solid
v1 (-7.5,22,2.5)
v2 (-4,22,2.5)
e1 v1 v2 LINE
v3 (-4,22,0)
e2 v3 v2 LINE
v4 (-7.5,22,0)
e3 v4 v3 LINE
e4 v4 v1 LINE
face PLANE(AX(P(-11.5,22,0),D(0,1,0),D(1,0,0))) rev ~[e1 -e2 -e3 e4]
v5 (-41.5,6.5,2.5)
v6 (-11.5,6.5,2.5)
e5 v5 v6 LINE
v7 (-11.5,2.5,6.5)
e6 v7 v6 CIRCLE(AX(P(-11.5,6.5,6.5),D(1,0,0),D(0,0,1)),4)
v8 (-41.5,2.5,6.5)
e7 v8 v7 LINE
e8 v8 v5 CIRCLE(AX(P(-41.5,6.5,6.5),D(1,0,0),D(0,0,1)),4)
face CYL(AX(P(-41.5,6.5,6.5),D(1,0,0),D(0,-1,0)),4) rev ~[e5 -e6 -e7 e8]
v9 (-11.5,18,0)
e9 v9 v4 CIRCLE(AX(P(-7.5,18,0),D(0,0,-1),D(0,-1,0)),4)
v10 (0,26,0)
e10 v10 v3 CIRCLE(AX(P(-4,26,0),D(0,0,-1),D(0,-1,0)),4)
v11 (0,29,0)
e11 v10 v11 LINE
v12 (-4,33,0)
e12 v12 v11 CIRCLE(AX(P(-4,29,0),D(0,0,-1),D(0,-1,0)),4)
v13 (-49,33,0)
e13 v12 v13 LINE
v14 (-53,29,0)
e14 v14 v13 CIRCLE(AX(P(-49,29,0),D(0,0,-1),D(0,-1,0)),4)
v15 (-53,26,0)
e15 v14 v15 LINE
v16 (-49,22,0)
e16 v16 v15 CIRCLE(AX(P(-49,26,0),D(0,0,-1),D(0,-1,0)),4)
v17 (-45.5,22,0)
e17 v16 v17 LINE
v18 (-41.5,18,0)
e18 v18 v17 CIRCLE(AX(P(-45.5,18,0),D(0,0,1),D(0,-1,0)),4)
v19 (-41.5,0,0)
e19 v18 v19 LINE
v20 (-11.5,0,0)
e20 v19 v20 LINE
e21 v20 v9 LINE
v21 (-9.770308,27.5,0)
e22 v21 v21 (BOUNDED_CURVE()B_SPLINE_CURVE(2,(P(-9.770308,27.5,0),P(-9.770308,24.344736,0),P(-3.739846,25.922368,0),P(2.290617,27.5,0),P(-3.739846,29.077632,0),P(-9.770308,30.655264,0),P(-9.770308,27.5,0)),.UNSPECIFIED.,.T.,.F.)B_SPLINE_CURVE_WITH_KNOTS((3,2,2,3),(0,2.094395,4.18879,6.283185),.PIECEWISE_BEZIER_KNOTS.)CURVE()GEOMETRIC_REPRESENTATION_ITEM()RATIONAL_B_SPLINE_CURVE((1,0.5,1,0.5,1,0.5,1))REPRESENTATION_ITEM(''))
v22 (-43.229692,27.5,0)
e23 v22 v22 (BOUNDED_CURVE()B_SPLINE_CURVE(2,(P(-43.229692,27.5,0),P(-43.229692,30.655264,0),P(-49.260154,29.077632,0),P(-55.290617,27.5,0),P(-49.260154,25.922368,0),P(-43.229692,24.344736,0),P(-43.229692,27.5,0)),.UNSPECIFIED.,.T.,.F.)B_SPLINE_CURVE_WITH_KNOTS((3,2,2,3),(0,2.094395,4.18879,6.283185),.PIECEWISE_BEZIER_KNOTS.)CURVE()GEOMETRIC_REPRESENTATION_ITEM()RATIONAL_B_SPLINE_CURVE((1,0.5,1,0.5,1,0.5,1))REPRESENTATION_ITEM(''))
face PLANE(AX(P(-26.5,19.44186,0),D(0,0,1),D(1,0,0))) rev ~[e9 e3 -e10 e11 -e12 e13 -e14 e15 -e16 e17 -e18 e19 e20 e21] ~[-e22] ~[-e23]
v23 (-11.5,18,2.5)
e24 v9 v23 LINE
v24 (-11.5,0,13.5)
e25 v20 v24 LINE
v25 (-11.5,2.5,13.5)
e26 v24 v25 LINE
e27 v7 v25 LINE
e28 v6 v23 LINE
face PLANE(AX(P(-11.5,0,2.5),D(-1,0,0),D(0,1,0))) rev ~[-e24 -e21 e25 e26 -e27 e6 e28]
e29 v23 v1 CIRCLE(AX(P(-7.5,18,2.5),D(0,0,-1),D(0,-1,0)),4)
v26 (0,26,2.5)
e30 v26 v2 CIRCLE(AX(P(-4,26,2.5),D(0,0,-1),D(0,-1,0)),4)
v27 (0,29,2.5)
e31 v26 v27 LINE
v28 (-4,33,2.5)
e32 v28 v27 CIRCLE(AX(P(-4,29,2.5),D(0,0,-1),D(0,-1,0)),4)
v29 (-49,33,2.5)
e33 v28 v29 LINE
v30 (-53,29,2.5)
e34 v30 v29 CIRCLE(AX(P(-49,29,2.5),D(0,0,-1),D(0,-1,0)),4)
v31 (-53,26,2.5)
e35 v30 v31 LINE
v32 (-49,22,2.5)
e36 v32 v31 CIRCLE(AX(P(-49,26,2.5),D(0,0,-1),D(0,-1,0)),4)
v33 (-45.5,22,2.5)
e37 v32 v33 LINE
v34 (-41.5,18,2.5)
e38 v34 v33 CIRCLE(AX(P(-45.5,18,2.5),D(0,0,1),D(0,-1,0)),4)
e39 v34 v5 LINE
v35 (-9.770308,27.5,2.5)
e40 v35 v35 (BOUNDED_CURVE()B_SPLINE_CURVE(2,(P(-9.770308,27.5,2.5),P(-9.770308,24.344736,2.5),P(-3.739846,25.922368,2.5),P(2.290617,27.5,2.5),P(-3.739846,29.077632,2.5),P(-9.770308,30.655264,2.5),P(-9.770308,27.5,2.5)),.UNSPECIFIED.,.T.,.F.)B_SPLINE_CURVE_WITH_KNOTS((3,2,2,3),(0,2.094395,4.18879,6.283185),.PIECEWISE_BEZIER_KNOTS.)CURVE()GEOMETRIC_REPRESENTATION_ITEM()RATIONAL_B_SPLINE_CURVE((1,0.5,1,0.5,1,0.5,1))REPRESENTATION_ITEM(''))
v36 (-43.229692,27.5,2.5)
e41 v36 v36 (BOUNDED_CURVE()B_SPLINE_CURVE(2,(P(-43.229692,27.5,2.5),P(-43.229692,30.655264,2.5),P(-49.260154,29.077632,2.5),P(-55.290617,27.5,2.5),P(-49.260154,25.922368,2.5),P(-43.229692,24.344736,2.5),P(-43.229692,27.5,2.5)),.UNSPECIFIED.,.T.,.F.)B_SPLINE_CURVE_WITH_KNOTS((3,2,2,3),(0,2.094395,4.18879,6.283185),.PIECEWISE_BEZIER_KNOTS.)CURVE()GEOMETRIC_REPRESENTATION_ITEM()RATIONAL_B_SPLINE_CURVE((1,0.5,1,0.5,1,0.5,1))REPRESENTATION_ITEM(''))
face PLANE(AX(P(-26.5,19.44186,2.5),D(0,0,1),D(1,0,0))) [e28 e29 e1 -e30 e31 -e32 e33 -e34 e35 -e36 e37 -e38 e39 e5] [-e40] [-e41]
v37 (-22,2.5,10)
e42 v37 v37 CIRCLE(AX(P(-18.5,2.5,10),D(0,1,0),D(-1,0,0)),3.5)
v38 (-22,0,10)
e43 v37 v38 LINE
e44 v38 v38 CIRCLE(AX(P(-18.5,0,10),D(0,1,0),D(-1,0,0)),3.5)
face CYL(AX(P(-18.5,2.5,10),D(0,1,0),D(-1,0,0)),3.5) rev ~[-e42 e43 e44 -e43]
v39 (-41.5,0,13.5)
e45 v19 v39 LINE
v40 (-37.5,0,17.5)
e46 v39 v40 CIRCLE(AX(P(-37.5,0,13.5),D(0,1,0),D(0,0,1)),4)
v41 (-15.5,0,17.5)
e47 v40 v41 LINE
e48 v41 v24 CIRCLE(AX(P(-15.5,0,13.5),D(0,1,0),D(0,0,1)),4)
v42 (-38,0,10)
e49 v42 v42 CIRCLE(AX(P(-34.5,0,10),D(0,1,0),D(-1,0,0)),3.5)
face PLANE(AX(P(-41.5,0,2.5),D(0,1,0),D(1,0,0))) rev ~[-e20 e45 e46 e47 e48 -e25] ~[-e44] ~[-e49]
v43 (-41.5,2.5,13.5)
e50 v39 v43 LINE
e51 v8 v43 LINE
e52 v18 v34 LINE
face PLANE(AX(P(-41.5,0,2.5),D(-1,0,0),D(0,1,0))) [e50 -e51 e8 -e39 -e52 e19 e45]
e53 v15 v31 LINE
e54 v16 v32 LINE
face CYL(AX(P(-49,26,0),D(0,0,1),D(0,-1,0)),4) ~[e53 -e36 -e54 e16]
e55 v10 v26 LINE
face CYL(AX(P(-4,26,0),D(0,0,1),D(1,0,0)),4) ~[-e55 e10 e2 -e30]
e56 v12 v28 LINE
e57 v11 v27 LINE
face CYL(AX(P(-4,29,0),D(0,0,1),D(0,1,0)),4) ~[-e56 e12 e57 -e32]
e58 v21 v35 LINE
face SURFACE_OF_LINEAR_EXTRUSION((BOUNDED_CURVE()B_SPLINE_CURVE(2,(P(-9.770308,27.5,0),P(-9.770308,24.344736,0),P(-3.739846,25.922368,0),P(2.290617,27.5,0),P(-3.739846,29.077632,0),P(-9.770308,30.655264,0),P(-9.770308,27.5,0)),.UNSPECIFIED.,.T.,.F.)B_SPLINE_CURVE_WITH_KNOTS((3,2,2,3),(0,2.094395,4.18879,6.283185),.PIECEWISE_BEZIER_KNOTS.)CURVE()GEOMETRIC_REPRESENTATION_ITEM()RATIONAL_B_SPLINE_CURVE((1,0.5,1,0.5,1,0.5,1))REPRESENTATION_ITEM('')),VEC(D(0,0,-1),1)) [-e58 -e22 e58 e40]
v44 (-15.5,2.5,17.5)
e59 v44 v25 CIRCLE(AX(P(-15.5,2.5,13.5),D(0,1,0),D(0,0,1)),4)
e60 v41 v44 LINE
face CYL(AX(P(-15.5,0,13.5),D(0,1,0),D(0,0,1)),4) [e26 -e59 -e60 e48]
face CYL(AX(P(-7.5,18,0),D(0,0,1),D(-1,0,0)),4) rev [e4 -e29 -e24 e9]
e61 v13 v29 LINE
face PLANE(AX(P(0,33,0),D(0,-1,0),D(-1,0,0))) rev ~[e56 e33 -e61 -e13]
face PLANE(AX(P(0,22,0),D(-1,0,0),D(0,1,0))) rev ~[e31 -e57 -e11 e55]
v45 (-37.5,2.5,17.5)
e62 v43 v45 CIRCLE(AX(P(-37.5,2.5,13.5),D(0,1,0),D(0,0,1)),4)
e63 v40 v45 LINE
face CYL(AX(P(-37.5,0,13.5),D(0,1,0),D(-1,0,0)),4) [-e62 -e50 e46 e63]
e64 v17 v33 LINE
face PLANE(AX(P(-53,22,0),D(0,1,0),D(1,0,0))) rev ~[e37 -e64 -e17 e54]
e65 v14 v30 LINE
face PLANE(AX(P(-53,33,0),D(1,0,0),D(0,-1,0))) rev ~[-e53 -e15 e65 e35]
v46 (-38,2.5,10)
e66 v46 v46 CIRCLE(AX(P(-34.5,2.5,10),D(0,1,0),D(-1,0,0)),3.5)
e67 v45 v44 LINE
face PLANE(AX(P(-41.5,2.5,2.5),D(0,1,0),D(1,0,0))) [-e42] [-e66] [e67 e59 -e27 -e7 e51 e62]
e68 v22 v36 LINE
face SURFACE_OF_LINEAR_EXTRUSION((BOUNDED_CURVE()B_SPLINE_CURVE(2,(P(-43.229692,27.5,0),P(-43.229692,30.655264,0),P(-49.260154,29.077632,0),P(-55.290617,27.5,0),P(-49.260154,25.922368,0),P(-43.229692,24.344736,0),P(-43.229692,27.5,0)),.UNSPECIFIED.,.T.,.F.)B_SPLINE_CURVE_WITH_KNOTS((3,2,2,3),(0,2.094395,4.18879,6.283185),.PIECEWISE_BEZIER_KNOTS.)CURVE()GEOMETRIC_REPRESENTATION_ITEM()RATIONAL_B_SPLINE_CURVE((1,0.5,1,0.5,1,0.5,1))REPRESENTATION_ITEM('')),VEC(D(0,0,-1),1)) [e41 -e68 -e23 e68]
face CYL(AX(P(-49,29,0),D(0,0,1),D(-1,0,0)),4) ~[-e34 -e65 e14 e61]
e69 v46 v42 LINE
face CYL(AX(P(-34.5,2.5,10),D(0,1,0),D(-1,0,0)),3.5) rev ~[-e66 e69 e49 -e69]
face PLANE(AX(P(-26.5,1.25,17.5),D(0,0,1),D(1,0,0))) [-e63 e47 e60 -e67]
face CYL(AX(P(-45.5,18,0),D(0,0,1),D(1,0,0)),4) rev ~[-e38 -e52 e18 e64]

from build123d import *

# Parameters (mm, degrees)
F1_DEPTH = 2.5
F2_W     = 30
F2_H     = 2.5
F3_DEPTH = 15
F4_R     = 3.5
F5_DEPTH = 2.501
F6_R     = 4


with BuildPart() as f1:
    # F0 (on Top) → F1 (new body)
    with BuildSketch(Plane.XY):
        Polygon((-41.5, 0), (-11.5, 0), (-11.5, 22), (0, 22), (0, 33), (-53, 33), (-53, 22), (-41.5, 22), align=None)
        with BuildLine():
            add(Edge.make_bspline(
                [(-43.229692, 27.5), (-43.229692, 30.655264), (-49.260154, 29.077632), (-55.290617, 27.5), (-49.260154, 25.922368), (-43.229692, 24.344736), (-43.229692, 27.5)],
                knots=[0, 0, 0, 2.094395, 2.094395, 4.18879, 4.18879, 6.283185, 6.283185, 6.283185], degree=2, weights=[1, 0.5, 1, 0.5, 1, 0.5, 1]))
        make_face(mode=Mode.SUBTRACT)
        with BuildLine():
            add(Edge.make_bspline(
                [(-9.770308, 27.5), (-9.770308, 24.344736), (-3.739846, 25.922368), (2.290617, 27.5), (-3.739846, 29.077632), (-9.770308, 30.655264), (-9.770308, 27.5)],
                knots=[0, 0, 0, 2.094395, 2.094395, 4.18879, 4.18879, 6.283185, 6.283185, 6.283185], degree=2, weights=[1, 0.5, 1, 0.5, 1, 0.5, 1]))
        make_face(mode=Mode.SUBTRACT)
    extrude(amount=F1_DEPTH)

    # F2 (on face) → F3 (join)
    with BuildSketch(Plane.XY.offset(2.5)):
        with Locations((-26.5, 1.25)):
            Rectangle(F2_W, F2_H)
    extrude(amount=F3_DEPTH)

    # F4 (on face) → F5 (cut, through all)
    with BuildSketch(Plane(origin=(0, 2.5, 0), x_dir=(-1, 0, 0), z_dir=(0, 1, 0))):
        with Locations((18.5, 10)):
            Circle(F4_R)
        with Locations((34.5, 10)):
            Circle(F4_R)
    extrude(amount=-F5_DEPTH, mode=Mode.SUBTRACT)

    # F6
    f6_edges = [f1.edges().sort_by_distance(p)[0] for p in [
        (0, 33, 1.25),
        (-53, 33, 1.25),
        (-53, 22, 1.25),
        (-41.5, 22, 1.25),
        (-11.5, 22, 1.25),
        (0, 22, 1.25),
        (-26.5, 2.5, 2.5),
        (-11.5, 1.25, 17.5),
        (-41.5, 1.25, 17.5),
    ]]
    fillet(f6_edges, radius=F6_R)


solid = f1.part
